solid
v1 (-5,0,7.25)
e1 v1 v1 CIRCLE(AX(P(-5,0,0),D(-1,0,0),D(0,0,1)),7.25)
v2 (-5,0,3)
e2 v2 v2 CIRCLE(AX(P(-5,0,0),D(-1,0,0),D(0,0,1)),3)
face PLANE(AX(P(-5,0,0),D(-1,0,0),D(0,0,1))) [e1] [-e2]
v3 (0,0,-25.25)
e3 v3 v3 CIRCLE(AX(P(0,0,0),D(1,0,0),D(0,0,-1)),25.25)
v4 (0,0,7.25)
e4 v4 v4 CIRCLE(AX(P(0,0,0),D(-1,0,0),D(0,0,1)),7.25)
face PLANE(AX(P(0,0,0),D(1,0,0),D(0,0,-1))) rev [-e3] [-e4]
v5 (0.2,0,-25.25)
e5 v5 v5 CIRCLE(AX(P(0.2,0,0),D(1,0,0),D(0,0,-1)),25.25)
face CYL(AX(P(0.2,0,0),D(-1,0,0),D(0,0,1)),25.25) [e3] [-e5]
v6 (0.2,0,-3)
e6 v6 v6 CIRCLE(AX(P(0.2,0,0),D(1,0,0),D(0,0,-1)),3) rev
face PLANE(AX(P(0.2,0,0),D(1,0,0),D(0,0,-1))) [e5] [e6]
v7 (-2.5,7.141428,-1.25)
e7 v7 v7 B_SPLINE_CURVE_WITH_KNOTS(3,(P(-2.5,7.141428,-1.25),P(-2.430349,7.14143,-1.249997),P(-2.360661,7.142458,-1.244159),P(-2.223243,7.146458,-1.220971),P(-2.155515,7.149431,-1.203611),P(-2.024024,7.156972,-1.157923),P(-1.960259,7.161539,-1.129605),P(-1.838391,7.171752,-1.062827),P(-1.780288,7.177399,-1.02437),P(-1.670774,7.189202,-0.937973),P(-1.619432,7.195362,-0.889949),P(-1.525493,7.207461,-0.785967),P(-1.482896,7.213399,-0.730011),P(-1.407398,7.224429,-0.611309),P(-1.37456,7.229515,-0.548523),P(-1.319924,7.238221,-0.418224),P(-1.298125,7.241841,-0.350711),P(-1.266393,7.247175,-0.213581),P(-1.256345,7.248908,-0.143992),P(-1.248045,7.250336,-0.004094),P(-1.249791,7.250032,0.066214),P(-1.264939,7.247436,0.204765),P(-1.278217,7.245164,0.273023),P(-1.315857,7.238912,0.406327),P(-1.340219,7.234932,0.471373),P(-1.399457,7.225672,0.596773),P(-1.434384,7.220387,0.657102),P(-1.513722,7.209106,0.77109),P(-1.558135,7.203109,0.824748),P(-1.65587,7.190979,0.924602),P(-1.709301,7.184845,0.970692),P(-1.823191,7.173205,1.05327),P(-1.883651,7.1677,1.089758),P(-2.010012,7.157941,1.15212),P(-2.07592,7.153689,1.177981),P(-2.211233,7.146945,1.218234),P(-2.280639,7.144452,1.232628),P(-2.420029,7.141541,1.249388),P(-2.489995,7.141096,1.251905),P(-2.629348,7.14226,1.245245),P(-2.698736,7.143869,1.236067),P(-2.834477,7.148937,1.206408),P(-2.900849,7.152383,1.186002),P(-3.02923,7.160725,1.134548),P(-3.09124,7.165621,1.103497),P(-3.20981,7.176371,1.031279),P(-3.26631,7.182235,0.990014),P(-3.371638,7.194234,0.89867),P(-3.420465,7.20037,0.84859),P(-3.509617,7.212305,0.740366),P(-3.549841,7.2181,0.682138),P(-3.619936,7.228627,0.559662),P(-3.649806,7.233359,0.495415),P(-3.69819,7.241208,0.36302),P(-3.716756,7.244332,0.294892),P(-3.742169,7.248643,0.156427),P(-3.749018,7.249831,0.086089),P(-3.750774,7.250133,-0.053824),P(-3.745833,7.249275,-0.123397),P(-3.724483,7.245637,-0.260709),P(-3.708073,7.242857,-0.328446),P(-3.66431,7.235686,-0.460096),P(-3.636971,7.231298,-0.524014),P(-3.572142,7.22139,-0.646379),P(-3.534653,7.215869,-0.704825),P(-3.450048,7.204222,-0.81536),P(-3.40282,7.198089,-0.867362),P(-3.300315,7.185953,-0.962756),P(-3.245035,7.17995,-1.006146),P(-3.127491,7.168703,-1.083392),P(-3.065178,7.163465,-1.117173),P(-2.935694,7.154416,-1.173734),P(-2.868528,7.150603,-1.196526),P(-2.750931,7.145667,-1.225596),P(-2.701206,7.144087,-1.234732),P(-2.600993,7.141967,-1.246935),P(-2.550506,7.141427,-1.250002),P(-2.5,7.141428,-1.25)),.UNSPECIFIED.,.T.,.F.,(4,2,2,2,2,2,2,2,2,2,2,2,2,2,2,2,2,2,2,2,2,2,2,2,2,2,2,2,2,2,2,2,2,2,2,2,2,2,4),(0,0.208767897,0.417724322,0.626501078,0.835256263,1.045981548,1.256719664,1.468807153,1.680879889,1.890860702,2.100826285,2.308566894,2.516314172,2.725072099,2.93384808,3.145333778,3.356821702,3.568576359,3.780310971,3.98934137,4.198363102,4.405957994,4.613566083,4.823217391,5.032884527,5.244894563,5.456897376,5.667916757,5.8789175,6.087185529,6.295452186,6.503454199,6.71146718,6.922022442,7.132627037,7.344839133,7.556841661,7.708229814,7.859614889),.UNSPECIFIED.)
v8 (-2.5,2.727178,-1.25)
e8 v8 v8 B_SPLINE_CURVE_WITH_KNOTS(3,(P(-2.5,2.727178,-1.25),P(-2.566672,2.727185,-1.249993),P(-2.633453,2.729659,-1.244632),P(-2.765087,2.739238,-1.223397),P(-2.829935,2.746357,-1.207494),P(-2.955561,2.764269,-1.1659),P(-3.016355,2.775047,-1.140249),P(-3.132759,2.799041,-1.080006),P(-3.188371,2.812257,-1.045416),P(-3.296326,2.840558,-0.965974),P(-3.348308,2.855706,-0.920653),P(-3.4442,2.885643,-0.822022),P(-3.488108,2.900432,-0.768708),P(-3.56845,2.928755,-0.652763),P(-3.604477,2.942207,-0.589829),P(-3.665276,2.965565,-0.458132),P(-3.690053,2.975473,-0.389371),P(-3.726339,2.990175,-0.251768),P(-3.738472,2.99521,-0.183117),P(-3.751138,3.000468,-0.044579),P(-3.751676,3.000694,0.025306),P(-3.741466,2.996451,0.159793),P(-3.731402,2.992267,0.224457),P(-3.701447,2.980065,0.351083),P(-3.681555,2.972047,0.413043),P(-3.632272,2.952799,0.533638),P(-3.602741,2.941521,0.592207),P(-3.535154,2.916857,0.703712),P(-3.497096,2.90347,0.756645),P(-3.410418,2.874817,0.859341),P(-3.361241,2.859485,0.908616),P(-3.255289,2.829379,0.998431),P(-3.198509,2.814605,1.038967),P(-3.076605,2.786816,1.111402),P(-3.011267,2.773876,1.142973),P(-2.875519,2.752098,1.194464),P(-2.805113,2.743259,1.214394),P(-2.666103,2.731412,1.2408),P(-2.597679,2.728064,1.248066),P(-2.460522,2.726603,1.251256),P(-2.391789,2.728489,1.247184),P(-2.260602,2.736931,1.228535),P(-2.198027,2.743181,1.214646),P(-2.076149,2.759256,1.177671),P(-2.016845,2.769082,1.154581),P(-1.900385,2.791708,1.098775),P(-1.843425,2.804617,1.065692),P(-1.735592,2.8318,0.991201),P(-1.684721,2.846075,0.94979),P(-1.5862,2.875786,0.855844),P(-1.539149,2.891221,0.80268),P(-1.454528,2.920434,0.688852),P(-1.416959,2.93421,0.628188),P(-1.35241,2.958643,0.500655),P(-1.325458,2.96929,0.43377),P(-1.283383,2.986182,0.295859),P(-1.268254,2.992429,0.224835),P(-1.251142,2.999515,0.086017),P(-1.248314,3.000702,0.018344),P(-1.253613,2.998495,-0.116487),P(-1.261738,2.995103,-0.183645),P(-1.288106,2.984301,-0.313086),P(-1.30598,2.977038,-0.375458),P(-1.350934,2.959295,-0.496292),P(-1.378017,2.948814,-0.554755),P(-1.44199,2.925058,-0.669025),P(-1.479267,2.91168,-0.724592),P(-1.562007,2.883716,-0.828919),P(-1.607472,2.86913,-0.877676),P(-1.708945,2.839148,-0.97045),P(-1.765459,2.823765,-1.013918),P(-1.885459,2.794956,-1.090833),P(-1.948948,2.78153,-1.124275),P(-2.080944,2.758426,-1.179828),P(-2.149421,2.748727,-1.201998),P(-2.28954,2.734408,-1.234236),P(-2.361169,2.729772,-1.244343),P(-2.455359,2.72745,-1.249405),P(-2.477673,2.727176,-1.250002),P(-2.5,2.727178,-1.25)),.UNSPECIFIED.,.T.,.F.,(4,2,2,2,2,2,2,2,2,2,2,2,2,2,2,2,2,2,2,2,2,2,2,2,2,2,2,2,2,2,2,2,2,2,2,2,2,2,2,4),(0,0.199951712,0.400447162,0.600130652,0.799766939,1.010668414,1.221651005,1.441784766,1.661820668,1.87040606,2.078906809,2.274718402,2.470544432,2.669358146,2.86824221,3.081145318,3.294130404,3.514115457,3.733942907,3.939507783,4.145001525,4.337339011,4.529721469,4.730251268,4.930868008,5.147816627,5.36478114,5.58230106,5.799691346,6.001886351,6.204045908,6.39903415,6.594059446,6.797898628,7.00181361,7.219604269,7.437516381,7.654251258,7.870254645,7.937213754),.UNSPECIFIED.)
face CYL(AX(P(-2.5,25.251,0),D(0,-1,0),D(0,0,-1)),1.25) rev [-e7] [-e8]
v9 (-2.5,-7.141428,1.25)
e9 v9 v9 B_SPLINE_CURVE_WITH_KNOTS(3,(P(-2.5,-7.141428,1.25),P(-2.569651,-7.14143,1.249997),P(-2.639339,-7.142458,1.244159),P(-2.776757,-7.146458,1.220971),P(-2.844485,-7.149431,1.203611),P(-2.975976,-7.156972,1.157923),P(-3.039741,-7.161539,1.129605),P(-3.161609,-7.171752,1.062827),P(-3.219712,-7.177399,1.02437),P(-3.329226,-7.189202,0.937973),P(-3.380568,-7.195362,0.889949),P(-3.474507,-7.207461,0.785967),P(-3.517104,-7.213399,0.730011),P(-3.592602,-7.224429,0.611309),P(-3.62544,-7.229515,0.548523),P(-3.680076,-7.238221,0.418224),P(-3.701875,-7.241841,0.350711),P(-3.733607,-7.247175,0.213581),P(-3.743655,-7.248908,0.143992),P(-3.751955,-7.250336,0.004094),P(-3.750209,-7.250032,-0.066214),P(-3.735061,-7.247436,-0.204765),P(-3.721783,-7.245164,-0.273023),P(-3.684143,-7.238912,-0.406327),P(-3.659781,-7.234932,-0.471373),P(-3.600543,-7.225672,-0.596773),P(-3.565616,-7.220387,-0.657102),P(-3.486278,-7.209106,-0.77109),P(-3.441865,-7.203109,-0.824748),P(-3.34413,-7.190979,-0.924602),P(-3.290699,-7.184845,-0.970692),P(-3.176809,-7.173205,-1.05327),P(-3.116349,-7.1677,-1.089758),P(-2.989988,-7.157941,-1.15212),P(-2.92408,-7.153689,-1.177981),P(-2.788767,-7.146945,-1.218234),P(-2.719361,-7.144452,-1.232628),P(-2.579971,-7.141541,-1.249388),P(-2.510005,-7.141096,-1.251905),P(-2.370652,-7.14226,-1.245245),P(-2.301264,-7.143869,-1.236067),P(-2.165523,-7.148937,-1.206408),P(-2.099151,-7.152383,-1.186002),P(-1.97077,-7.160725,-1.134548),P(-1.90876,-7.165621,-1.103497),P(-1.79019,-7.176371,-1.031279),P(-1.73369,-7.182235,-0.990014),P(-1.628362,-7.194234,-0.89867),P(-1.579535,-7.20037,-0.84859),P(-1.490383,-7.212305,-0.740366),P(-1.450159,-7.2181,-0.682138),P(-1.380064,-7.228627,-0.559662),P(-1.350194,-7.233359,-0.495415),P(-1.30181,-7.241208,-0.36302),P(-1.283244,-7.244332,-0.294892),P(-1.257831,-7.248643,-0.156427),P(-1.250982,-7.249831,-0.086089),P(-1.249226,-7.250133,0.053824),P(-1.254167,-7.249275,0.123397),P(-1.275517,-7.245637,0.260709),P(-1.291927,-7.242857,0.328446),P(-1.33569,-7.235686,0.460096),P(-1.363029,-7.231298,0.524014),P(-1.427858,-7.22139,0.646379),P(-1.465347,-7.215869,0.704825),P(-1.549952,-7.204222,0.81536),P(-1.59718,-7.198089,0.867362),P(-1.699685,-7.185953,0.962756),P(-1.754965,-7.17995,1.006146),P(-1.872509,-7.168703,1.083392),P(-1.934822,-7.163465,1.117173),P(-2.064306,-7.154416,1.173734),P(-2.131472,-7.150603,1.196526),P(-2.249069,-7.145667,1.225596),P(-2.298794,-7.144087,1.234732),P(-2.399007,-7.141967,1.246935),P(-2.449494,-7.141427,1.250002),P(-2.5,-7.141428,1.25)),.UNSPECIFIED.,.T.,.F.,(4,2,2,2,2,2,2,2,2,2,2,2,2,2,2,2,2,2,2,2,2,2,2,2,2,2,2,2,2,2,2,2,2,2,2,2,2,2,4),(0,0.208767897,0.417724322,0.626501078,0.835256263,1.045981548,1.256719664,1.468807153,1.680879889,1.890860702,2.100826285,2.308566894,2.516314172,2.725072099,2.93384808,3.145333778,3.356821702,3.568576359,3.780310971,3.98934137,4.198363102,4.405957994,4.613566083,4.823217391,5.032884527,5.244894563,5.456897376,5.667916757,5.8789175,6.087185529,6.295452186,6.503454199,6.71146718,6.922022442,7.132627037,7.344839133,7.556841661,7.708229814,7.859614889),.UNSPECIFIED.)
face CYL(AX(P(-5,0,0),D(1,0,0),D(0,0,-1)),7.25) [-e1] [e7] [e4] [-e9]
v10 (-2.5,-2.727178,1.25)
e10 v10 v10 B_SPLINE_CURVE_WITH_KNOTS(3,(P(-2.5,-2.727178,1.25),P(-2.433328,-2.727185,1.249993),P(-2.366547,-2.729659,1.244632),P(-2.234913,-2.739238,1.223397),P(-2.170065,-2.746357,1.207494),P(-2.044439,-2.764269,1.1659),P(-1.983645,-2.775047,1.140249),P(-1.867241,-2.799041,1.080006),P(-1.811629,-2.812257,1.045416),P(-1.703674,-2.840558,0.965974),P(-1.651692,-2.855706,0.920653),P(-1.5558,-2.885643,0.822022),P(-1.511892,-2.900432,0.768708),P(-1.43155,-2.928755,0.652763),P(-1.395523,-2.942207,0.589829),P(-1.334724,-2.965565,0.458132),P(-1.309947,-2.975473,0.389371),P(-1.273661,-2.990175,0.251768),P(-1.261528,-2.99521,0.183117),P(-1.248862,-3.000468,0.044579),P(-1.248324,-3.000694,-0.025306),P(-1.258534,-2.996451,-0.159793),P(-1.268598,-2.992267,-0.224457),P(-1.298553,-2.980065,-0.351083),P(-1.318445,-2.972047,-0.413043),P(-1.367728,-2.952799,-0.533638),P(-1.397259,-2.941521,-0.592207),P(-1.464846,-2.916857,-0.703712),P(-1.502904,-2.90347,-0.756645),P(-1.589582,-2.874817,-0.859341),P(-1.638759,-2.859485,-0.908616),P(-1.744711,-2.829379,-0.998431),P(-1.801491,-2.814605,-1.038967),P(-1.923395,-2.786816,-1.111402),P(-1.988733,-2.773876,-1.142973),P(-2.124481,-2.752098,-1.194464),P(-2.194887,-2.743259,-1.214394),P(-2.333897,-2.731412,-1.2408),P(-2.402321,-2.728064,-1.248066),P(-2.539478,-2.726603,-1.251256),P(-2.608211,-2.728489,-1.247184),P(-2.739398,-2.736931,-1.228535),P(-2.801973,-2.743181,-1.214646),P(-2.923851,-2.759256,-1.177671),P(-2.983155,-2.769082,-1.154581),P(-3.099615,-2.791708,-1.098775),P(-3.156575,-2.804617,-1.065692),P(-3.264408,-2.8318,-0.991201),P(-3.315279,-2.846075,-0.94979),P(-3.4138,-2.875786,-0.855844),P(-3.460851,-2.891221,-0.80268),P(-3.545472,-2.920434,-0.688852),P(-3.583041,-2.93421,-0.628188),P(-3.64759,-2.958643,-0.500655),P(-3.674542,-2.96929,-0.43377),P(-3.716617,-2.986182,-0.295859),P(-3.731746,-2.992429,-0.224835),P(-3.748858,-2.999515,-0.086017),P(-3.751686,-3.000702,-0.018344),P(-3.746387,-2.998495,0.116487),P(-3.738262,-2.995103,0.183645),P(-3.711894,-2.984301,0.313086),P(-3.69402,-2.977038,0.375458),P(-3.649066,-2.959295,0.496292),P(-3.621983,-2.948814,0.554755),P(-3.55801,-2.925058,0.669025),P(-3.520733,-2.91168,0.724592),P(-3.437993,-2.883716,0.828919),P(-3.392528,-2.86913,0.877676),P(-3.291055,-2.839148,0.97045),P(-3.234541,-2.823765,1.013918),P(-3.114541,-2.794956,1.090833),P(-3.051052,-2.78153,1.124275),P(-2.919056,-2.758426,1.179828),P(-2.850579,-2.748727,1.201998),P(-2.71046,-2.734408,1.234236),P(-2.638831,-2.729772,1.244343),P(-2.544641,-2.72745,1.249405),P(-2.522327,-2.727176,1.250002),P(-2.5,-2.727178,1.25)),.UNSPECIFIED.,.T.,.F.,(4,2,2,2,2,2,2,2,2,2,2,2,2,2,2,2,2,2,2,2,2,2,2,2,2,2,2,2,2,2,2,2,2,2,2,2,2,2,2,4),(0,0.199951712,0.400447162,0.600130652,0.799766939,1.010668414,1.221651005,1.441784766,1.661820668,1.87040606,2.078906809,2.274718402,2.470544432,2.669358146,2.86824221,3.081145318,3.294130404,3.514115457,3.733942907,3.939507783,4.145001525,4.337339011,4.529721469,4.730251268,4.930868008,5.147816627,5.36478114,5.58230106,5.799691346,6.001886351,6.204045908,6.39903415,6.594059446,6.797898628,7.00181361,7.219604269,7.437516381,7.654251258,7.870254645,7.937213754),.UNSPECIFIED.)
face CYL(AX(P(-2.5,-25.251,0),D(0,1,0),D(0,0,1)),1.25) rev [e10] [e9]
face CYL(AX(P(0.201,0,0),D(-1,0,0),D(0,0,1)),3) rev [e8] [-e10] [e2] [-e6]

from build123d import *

# Parameters (mm, degrees)
SKETCH_1_R                      = 25.25
EXTRUDE_1_DEPTH                 = 0.2
SKETCH_2_R                      = 7.25
EXTRUDE_2_DEPTH                 = 5
CUT_EXTRUDE_1_REACH             = 38.086
SKETCH_3_R                      = 3
CUT_EXTRUDE_2_REACH             = 38.057
SKETCH_4_R                      = 1.25
CUT_EXTRUDE_2_DIRECTION_2_REACH = 38.057


with BuildPart() as part:
    # 草图1 → 凸台-拉伸1 (new body)
    with BuildSketch(Plane(origin=(0, 0, 0), x_dir=(0, 0, -1), z_dir=(1, 0, 0))):
        Circle(SKETCH_1_R)
    extrude(amount=EXTRUDE_1_DEPTH)

    # 草图2 → 凸台-拉伸2 (add)
    with BuildSketch(Plane.ZY):
        Circle(SKETCH_2_R)
    extrude(amount=EXTRUDE_2_DEPTH)

    # 草图3 → 切除-拉伸1 (cut, up to next)
    with BuildSketch(Plane.ZY.offset(5), mode=Mode.PRIVATE) as cut_extrude_1_sk1:
        Circle(SKETCH_3_R)
    cut_extrude_1_tool1 = extrude(cut_extrude_1_sk1.sketch, amount=-CUT_EXTRUDE_1_REACH, mode=Mode.PRIVATE) & part.part
    add(cut_extrude_1_tool1.solids().sort_by_distance((-5, 0, 0))[0], mode=Mode.SUBTRACT)

    # 草图4 → 切除-拉伸2 (cut, up to next)
    with BuildSketch(Plane(origin=(0, 0, 0), x_dir=(1, 0, 0), z_dir=(0, 1, 0)), mode=Mode.PRIVATE) as cut_extrude_2_sk1:
        with Locations(Location((-2.5, 0, 0), (0, 0, 270))):
            Circle(SKETCH_4_R)
    cut_extrude_2_tool1 = extrude(cut_extrude_2_sk1.sketch, amount=-CUT_EXTRUDE_2_REACH, mode=Mode.PRIVATE) & part.part
    add(cut_extrude_2_tool1.solids().sort_by_distance((-2.5, 0, 0))[0], mode=Mode.SUBTRACT)

    # 草图4 → 切除-拉伸2 direction 2 (cut, up to next)
    with BuildSketch(Plane(origin=(0, 0, 0), x_dir=(1, 0, 0), z_dir=(0, 1, 0)), mode=Mode.PRIVATE) as cut_extrude_2_direction_2_sk1:
        with Locations(Location((-2.5, 0, 0), (0, 0, 270))):
            Circle(SKETCH_4_R)
    cut_extrude_2_direction_2_tool1 = extrude(cut_extrude_2_direction_2_sk1.sketch, amount=CUT_EXTRUDE_2_DIRECTION_2_REACH, mode=Mode.PRIVATE) & part.part
    add(cut_extrude_2_direction_2_tool1.solids().sort_by_distance((-2.5, 0, 0))[0], mode=Mode.SUBTRACT)


solid = part.part
